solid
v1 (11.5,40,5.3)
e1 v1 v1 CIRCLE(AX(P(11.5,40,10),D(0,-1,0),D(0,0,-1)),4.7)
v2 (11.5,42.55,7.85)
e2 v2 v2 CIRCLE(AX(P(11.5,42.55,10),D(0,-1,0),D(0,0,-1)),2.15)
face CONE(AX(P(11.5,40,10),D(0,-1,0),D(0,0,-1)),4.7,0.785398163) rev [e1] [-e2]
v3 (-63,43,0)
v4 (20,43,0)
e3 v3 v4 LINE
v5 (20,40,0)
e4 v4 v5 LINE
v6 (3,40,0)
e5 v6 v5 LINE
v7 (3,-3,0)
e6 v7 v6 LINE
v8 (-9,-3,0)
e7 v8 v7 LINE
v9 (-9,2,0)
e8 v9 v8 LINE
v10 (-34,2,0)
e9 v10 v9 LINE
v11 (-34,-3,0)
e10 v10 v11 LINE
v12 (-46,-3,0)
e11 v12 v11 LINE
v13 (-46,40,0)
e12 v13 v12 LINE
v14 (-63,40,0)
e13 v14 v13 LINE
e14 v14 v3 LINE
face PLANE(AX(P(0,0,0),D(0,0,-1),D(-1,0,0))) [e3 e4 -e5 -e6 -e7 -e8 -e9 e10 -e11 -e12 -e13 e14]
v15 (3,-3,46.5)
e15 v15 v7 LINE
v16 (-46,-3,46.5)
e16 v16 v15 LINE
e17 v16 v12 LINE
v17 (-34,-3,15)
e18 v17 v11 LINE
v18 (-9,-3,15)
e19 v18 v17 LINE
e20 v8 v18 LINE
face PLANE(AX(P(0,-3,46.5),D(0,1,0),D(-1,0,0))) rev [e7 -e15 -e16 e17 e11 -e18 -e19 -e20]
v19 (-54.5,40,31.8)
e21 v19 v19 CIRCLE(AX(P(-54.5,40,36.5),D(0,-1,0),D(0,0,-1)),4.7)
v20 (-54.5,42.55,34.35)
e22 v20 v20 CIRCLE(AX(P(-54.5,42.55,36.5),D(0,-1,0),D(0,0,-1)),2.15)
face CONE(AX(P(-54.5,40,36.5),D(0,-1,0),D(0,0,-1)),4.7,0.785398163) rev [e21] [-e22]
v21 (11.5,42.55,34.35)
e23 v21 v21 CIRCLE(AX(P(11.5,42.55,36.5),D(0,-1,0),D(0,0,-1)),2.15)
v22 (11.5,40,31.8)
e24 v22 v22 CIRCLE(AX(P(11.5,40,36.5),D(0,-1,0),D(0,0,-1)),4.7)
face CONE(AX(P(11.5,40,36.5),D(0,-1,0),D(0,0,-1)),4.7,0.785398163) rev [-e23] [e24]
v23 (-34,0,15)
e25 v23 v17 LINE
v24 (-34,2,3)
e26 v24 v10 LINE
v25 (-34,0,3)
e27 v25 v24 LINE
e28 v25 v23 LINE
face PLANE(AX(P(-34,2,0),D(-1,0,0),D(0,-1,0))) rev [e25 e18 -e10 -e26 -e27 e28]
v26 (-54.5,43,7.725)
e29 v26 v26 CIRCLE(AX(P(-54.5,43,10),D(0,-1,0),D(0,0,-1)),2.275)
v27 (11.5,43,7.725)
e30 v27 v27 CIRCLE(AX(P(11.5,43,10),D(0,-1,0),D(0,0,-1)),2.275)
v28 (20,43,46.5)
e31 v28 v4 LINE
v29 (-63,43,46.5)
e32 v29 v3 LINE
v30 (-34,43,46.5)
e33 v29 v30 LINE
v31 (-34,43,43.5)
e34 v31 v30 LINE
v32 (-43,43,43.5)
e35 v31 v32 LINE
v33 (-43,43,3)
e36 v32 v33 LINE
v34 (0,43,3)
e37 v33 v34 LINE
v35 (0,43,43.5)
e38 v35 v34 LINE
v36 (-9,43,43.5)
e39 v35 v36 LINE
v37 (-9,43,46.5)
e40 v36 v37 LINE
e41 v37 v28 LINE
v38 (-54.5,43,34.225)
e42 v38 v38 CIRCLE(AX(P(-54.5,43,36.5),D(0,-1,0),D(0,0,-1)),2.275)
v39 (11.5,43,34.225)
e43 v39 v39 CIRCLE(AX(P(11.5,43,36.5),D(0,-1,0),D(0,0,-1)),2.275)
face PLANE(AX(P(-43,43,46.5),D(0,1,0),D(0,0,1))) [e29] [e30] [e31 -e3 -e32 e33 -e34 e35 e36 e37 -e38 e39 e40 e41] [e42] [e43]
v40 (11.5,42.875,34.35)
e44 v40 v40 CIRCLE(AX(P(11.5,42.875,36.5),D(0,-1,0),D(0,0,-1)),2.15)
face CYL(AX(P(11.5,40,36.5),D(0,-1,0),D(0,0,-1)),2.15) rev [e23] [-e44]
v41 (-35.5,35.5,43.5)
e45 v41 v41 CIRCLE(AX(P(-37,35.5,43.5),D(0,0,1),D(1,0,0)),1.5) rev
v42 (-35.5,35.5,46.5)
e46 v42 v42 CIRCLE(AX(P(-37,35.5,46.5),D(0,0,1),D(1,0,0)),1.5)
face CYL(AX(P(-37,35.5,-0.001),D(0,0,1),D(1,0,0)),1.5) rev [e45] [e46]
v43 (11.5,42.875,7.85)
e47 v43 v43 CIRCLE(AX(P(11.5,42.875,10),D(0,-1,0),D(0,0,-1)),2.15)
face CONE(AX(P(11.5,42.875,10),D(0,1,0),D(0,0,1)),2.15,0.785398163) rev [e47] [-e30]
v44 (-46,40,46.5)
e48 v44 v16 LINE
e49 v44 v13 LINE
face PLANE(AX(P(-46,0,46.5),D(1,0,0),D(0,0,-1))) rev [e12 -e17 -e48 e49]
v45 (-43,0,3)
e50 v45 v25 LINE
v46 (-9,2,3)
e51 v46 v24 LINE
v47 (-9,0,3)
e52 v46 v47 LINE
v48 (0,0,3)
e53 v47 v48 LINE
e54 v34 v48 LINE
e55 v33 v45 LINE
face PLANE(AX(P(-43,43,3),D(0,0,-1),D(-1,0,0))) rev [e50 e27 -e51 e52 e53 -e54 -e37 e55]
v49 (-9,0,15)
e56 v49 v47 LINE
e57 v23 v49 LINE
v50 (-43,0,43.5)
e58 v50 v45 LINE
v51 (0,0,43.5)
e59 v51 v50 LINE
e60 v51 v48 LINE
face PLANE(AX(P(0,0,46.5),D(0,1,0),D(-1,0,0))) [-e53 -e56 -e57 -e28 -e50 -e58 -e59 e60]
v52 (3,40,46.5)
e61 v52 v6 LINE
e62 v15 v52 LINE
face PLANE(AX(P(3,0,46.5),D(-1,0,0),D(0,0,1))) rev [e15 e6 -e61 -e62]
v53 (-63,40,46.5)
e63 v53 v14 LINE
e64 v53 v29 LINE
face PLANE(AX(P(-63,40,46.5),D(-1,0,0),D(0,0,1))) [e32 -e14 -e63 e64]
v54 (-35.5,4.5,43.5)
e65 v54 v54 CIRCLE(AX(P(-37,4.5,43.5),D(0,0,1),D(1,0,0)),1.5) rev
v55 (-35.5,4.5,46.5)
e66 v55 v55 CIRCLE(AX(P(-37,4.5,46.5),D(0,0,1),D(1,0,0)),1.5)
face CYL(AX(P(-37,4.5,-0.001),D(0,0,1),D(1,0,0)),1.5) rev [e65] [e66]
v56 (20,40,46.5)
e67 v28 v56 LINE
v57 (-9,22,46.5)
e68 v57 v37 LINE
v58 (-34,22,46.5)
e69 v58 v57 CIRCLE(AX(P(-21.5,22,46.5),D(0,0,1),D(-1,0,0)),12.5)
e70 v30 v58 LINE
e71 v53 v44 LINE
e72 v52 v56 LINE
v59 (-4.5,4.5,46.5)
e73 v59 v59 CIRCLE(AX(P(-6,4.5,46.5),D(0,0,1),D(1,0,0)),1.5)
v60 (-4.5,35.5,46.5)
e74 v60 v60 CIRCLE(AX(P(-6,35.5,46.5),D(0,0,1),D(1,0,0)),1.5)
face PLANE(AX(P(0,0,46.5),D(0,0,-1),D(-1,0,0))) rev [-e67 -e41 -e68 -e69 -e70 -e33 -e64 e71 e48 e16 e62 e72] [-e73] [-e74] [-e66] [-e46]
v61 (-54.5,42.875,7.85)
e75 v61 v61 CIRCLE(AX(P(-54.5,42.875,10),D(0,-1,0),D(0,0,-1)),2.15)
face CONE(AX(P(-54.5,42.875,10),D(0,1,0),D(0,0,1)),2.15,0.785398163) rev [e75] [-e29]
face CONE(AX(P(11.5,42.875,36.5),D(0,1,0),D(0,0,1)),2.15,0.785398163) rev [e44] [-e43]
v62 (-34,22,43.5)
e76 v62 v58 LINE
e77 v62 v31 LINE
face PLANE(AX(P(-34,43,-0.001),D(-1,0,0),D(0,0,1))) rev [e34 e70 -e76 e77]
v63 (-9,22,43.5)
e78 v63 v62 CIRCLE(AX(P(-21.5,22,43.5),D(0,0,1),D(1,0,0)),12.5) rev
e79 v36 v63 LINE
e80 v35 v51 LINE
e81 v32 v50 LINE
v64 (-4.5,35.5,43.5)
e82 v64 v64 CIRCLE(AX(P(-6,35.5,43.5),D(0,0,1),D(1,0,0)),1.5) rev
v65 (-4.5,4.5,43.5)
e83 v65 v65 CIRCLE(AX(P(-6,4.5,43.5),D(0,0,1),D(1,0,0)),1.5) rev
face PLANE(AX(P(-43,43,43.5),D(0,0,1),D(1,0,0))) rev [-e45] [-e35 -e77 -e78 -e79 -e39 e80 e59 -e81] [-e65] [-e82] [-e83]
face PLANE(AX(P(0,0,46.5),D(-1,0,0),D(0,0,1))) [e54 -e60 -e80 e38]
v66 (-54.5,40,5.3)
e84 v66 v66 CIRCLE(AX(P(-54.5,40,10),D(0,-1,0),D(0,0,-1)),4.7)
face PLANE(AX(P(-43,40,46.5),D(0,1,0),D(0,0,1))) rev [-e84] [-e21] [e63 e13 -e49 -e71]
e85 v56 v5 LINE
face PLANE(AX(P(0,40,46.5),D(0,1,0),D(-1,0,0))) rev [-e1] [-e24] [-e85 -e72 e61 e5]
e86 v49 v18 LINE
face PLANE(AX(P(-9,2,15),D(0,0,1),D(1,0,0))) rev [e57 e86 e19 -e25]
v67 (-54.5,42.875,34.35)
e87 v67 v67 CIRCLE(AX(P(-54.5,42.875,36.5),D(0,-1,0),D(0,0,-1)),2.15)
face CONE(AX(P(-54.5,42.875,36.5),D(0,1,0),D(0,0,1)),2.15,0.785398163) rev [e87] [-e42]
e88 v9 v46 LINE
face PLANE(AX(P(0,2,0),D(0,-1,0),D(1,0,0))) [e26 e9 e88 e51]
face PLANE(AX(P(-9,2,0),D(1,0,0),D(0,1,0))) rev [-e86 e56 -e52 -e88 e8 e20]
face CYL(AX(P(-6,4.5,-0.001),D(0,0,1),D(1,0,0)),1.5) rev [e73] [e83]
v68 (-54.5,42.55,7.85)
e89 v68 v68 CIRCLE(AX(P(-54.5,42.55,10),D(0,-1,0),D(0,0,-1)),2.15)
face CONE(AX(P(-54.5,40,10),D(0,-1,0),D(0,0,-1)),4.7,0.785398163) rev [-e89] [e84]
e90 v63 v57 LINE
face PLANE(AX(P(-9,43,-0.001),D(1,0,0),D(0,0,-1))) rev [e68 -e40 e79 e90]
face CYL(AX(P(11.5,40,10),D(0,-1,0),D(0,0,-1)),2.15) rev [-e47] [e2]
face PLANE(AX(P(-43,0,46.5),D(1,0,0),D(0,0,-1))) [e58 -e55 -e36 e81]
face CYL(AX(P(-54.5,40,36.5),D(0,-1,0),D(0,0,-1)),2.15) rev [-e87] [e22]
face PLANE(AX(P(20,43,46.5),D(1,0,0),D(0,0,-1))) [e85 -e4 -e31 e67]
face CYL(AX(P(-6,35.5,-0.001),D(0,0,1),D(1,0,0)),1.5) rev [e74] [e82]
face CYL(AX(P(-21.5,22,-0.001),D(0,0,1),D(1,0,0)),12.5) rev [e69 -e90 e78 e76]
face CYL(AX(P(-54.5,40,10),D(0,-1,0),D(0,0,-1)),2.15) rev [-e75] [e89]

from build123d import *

# Parameters (mm, degrees)
EXTRU_MINCE1_DEPTH                          = 46.5
ESQUISSE2_W                                 = 43
ESQUISSE2_H                                 = 3
BOSS_EXTRU_1_DEPTH                          = 43
ENL_V_MAT_EXTRU_1_REACH                     = 48.5
ESQUISSE3_R                                 = 1.5
FRAISAGE_POUR_VIS_T_TE_FRAIS_E_M41_AT_COUNT = 2
FRAISAGE_POUR_VIS_T_TE_FRAIS_E_M41_AT_PITCH = 71.121375127
FRAISAGE_POUR_VIS_T_TE_FRAIS_E_M41_2_COUNT  = 2
FRAISAGE_POUR_VIS_T_TE_FRAIS_E_M41_2_PITCH  = 66
FRAISAGE_POUR_VIS_T_TE_FRAIS_E_M41_3_COUNT  = 2
FRAISAGE_POUR_VIS_T_TE_FRAIS_E_M41_3_PITCH  = 26.5
ESQUISSE6_W                                 = 25
ESQUISSE6_H                                 = 15
ENL_V_MAT_EXTRU_2_DEPTH                     = 5


with BuildPart() as part:
    # Esquisse1 → Extru.-Mince1 (new body)
    with BuildSketch(Plane.XY):
        Polygon((20, 43), (0, 43), (0, 0), (-43, 0), (-43, 43), (-63, 43), (-63, 40), (-46, 40), (-46, -3), (3, -3), (3, 40), (20, 40), align=None)
    extrude(amount=EXTRU_MINCE1_DEPTH)

    # Esquisse2 → Boss.-Extru.1 (add)
    with BuildSketch(Plane(origin=(0, 0, 0), x_dir=(1, 0, 0), z_dir=(0, 1, 0))):
        with Locations((-21.5, -1.5)):
            Rectangle(ESQUISSE2_W, ESQUISSE2_H)
        with Locations((-21.5, -45)):
            Rectangle(ESQUISSE2_W, ESQUISSE2_H)
    extrude(amount=BOSS_EXTRU_1_DEPTH)

    # Esquisse3 → Enlèv. mat.-Extru.1 (cut, up to next)
    with BuildSketch(Plane.XY.offset(46.5), mode=Mode.PRIVATE) as enl_v_mat_extru_1_sk1:
        with Locations((-37, 4.5)):
            Circle(ESQUISSE3_R)
    enl_v_mat_extru_1_tool1 = extrude(enl_v_mat_extru_1_sk1.sketch, amount=-ENL_V_MAT_EXTRU_1_REACH, mode=Mode.PRIVATE) & part.part
    add(enl_v_mat_extru_1_tool1.solids().sort_by_distance((-37, 4.5, 46.5))[0], mode=Mode.SUBTRACT)
    # Esquisse3 → Enlèv. mat.-Extru.1 (cut, up to next)
    with BuildSketch(Plane.XY.offset(46.5), mode=Mode.PRIVATE) as enl_v_mat_extru_1_sk2:
        with Locations((-37, 35.5)):
            Circle(ESQUISSE3_R)
    enl_v_mat_extru_1_tool2 = extrude(enl_v_mat_extru_1_sk2.sketch, amount=-ENL_V_MAT_EXTRU_1_REACH, mode=Mode.PRIVATE) & part.part
    add(enl_v_mat_extru_1_tool2.solids().sort_by_distance((-37, 35.5, 46.5))[0], mode=Mode.SUBTRACT)
    # Esquisse3 → Enlèv. mat.-Extru.1 (cut, up to next)
    with BuildSketch(Plane.XY.offset(46.5), mode=Mode.PRIVATE) as enl_v_mat_extru_1_sk3:
        with Locations((-6, 35.5)):
            Circle(ESQUISSE3_R)
    enl_v_mat_extru_1_tool3 = extrude(enl_v_mat_extru_1_sk3.sketch, amount=-ENL_V_MAT_EXTRU_1_REACH, mode=Mode.PRIVATE) & part.part
    add(enl_v_mat_extru_1_tool3.solids().sort_by_distance((-6, 35.5, 46.5))[0], mode=Mode.SUBTRACT)
    # Esquisse3 → Enlèv. mat.-Extru.1 (cut, up to next)
    with BuildSketch(Plane.XY.offset(46.5), mode=Mode.PRIVATE) as enl_v_mat_extru_1_sk4:
        with Locations((-6, 4.5)):
            Circle(ESQUISSE3_R)
    enl_v_mat_extru_1_tool4 = extrude(enl_v_mat_extru_1_sk4.sketch, amount=-ENL_V_MAT_EXTRU_1_REACH, mode=Mode.PRIVATE) & part.part
    add(enl_v_mat_extru_1_tool4.solids().sort_by_distance((-6, 4.5, 46.5))[0], mode=Mode.SUBTRACT)
    # Esquisse3 → Enlèv. mat.-Extru.1 (cut, up to next)
    with BuildSketch(Plane.XY.offset(46.5), mode=Mode.PRIVATE) as enl_v_mat_extru_1_sk5:
        with BuildLine():
            Line((-34, 43), (-9, 43))
            Line((-9, 43), (-9, 22))
            ThreePointArc((-9, 22), (-21.5, 9.5), (-34, 22))
            Line((-34, 22), (-34, 43))
        make_face()
    enl_v_mat_extru_1_tool5 = extrude(enl_v_mat_extru_1_sk5.sketch, amount=-ENL_V_MAT_EXTRU_1_REACH, mode=Mode.PRIVATE) & part.part
    add(enl_v_mat_extru_1_tool5.solids().sort_by_distance((-21.5, 27.464973, 46.5))[0], mode=Mode.SUBTRACT)

    # Esquisse5 → Fraisage pour vis à tête fraisée M41 (revolve, cut)
    with BuildSketch(Plane(origin=(-54.5, 40, 36.5), x_dir=(0, 0, -1), z_dir=(1, 0, 0))):
        Polygon((0, 0), (0, 3), (2.275, 3), (2.15, 2.875), (2.15, 2.55), (4.7, 0), align=None)
    fraisage_pour_vis_t_te_frais_e_m41 = revolve(axis=Axis((-54.5, 33.65, 36.5), (0, 1, 0)), mode=Mode.SUBTRACT)

    # Fraisage pour vis à tête fraisée M41 at: Fraisage pour vis à tête fraisée M41 ×2
    with Locations(*[Vector(0.927991056, 0, -0.372602469) * (i * FRAISAGE_POUR_VIS_T_TE_FRAIS_E_M41_AT_PITCH) for i in range(1, FRAISAGE_POUR_VIS_T_TE_FRAIS_E_M41_AT_COUNT)]):
        add(fraisage_pour_vis_t_te_frais_e_m41, mode=Mode.SUBTRACT)

    # Fraisage pour vis _ t_te frais_e M41 2: Fraisage pour vis à tête fraisée M41 ×2
    with Locations(*[(i * FRAISAGE_POUR_VIS_T_TE_FRAIS_E_M41_2_PITCH, 0, 0) for i in range(1, FRAISAGE_POUR_VIS_T_TE_FRAIS_E_M41_2_COUNT)]):
        add(fraisage_pour_vis_t_te_frais_e_m41, mode=Mode.SUBTRACT)

    # Fraisage pour vis _ t_te frais_e M41 3: Fraisage pour vis à tête fraisée M41 ×2
    with Locations(*[(0, 0, -i * FRAISAGE_POUR_VIS_T_TE_FRAIS_E_M41_3_PITCH) for i in range(1, FRAISAGE_POUR_VIS_T_TE_FRAIS_E_M41_3_COUNT)]):
        add(fraisage_pour_vis_t_te_frais_e_m41, mode=Mode.SUBTRACT)

    # Esquisse6 → Enlèv. mat.-Extru.2 (cut)
    with BuildSketch(Plane.XZ.offset(3)):
        with Locations((-21.5, 7.5)):
            Rectangle(ESQUISSE6_W, ESQUISSE6_H)
    extrude(amount=-ENL_V_MAT_EXTRU_2_DEPTH, mode=Mode.SUBTRACT)


solid = part.part
